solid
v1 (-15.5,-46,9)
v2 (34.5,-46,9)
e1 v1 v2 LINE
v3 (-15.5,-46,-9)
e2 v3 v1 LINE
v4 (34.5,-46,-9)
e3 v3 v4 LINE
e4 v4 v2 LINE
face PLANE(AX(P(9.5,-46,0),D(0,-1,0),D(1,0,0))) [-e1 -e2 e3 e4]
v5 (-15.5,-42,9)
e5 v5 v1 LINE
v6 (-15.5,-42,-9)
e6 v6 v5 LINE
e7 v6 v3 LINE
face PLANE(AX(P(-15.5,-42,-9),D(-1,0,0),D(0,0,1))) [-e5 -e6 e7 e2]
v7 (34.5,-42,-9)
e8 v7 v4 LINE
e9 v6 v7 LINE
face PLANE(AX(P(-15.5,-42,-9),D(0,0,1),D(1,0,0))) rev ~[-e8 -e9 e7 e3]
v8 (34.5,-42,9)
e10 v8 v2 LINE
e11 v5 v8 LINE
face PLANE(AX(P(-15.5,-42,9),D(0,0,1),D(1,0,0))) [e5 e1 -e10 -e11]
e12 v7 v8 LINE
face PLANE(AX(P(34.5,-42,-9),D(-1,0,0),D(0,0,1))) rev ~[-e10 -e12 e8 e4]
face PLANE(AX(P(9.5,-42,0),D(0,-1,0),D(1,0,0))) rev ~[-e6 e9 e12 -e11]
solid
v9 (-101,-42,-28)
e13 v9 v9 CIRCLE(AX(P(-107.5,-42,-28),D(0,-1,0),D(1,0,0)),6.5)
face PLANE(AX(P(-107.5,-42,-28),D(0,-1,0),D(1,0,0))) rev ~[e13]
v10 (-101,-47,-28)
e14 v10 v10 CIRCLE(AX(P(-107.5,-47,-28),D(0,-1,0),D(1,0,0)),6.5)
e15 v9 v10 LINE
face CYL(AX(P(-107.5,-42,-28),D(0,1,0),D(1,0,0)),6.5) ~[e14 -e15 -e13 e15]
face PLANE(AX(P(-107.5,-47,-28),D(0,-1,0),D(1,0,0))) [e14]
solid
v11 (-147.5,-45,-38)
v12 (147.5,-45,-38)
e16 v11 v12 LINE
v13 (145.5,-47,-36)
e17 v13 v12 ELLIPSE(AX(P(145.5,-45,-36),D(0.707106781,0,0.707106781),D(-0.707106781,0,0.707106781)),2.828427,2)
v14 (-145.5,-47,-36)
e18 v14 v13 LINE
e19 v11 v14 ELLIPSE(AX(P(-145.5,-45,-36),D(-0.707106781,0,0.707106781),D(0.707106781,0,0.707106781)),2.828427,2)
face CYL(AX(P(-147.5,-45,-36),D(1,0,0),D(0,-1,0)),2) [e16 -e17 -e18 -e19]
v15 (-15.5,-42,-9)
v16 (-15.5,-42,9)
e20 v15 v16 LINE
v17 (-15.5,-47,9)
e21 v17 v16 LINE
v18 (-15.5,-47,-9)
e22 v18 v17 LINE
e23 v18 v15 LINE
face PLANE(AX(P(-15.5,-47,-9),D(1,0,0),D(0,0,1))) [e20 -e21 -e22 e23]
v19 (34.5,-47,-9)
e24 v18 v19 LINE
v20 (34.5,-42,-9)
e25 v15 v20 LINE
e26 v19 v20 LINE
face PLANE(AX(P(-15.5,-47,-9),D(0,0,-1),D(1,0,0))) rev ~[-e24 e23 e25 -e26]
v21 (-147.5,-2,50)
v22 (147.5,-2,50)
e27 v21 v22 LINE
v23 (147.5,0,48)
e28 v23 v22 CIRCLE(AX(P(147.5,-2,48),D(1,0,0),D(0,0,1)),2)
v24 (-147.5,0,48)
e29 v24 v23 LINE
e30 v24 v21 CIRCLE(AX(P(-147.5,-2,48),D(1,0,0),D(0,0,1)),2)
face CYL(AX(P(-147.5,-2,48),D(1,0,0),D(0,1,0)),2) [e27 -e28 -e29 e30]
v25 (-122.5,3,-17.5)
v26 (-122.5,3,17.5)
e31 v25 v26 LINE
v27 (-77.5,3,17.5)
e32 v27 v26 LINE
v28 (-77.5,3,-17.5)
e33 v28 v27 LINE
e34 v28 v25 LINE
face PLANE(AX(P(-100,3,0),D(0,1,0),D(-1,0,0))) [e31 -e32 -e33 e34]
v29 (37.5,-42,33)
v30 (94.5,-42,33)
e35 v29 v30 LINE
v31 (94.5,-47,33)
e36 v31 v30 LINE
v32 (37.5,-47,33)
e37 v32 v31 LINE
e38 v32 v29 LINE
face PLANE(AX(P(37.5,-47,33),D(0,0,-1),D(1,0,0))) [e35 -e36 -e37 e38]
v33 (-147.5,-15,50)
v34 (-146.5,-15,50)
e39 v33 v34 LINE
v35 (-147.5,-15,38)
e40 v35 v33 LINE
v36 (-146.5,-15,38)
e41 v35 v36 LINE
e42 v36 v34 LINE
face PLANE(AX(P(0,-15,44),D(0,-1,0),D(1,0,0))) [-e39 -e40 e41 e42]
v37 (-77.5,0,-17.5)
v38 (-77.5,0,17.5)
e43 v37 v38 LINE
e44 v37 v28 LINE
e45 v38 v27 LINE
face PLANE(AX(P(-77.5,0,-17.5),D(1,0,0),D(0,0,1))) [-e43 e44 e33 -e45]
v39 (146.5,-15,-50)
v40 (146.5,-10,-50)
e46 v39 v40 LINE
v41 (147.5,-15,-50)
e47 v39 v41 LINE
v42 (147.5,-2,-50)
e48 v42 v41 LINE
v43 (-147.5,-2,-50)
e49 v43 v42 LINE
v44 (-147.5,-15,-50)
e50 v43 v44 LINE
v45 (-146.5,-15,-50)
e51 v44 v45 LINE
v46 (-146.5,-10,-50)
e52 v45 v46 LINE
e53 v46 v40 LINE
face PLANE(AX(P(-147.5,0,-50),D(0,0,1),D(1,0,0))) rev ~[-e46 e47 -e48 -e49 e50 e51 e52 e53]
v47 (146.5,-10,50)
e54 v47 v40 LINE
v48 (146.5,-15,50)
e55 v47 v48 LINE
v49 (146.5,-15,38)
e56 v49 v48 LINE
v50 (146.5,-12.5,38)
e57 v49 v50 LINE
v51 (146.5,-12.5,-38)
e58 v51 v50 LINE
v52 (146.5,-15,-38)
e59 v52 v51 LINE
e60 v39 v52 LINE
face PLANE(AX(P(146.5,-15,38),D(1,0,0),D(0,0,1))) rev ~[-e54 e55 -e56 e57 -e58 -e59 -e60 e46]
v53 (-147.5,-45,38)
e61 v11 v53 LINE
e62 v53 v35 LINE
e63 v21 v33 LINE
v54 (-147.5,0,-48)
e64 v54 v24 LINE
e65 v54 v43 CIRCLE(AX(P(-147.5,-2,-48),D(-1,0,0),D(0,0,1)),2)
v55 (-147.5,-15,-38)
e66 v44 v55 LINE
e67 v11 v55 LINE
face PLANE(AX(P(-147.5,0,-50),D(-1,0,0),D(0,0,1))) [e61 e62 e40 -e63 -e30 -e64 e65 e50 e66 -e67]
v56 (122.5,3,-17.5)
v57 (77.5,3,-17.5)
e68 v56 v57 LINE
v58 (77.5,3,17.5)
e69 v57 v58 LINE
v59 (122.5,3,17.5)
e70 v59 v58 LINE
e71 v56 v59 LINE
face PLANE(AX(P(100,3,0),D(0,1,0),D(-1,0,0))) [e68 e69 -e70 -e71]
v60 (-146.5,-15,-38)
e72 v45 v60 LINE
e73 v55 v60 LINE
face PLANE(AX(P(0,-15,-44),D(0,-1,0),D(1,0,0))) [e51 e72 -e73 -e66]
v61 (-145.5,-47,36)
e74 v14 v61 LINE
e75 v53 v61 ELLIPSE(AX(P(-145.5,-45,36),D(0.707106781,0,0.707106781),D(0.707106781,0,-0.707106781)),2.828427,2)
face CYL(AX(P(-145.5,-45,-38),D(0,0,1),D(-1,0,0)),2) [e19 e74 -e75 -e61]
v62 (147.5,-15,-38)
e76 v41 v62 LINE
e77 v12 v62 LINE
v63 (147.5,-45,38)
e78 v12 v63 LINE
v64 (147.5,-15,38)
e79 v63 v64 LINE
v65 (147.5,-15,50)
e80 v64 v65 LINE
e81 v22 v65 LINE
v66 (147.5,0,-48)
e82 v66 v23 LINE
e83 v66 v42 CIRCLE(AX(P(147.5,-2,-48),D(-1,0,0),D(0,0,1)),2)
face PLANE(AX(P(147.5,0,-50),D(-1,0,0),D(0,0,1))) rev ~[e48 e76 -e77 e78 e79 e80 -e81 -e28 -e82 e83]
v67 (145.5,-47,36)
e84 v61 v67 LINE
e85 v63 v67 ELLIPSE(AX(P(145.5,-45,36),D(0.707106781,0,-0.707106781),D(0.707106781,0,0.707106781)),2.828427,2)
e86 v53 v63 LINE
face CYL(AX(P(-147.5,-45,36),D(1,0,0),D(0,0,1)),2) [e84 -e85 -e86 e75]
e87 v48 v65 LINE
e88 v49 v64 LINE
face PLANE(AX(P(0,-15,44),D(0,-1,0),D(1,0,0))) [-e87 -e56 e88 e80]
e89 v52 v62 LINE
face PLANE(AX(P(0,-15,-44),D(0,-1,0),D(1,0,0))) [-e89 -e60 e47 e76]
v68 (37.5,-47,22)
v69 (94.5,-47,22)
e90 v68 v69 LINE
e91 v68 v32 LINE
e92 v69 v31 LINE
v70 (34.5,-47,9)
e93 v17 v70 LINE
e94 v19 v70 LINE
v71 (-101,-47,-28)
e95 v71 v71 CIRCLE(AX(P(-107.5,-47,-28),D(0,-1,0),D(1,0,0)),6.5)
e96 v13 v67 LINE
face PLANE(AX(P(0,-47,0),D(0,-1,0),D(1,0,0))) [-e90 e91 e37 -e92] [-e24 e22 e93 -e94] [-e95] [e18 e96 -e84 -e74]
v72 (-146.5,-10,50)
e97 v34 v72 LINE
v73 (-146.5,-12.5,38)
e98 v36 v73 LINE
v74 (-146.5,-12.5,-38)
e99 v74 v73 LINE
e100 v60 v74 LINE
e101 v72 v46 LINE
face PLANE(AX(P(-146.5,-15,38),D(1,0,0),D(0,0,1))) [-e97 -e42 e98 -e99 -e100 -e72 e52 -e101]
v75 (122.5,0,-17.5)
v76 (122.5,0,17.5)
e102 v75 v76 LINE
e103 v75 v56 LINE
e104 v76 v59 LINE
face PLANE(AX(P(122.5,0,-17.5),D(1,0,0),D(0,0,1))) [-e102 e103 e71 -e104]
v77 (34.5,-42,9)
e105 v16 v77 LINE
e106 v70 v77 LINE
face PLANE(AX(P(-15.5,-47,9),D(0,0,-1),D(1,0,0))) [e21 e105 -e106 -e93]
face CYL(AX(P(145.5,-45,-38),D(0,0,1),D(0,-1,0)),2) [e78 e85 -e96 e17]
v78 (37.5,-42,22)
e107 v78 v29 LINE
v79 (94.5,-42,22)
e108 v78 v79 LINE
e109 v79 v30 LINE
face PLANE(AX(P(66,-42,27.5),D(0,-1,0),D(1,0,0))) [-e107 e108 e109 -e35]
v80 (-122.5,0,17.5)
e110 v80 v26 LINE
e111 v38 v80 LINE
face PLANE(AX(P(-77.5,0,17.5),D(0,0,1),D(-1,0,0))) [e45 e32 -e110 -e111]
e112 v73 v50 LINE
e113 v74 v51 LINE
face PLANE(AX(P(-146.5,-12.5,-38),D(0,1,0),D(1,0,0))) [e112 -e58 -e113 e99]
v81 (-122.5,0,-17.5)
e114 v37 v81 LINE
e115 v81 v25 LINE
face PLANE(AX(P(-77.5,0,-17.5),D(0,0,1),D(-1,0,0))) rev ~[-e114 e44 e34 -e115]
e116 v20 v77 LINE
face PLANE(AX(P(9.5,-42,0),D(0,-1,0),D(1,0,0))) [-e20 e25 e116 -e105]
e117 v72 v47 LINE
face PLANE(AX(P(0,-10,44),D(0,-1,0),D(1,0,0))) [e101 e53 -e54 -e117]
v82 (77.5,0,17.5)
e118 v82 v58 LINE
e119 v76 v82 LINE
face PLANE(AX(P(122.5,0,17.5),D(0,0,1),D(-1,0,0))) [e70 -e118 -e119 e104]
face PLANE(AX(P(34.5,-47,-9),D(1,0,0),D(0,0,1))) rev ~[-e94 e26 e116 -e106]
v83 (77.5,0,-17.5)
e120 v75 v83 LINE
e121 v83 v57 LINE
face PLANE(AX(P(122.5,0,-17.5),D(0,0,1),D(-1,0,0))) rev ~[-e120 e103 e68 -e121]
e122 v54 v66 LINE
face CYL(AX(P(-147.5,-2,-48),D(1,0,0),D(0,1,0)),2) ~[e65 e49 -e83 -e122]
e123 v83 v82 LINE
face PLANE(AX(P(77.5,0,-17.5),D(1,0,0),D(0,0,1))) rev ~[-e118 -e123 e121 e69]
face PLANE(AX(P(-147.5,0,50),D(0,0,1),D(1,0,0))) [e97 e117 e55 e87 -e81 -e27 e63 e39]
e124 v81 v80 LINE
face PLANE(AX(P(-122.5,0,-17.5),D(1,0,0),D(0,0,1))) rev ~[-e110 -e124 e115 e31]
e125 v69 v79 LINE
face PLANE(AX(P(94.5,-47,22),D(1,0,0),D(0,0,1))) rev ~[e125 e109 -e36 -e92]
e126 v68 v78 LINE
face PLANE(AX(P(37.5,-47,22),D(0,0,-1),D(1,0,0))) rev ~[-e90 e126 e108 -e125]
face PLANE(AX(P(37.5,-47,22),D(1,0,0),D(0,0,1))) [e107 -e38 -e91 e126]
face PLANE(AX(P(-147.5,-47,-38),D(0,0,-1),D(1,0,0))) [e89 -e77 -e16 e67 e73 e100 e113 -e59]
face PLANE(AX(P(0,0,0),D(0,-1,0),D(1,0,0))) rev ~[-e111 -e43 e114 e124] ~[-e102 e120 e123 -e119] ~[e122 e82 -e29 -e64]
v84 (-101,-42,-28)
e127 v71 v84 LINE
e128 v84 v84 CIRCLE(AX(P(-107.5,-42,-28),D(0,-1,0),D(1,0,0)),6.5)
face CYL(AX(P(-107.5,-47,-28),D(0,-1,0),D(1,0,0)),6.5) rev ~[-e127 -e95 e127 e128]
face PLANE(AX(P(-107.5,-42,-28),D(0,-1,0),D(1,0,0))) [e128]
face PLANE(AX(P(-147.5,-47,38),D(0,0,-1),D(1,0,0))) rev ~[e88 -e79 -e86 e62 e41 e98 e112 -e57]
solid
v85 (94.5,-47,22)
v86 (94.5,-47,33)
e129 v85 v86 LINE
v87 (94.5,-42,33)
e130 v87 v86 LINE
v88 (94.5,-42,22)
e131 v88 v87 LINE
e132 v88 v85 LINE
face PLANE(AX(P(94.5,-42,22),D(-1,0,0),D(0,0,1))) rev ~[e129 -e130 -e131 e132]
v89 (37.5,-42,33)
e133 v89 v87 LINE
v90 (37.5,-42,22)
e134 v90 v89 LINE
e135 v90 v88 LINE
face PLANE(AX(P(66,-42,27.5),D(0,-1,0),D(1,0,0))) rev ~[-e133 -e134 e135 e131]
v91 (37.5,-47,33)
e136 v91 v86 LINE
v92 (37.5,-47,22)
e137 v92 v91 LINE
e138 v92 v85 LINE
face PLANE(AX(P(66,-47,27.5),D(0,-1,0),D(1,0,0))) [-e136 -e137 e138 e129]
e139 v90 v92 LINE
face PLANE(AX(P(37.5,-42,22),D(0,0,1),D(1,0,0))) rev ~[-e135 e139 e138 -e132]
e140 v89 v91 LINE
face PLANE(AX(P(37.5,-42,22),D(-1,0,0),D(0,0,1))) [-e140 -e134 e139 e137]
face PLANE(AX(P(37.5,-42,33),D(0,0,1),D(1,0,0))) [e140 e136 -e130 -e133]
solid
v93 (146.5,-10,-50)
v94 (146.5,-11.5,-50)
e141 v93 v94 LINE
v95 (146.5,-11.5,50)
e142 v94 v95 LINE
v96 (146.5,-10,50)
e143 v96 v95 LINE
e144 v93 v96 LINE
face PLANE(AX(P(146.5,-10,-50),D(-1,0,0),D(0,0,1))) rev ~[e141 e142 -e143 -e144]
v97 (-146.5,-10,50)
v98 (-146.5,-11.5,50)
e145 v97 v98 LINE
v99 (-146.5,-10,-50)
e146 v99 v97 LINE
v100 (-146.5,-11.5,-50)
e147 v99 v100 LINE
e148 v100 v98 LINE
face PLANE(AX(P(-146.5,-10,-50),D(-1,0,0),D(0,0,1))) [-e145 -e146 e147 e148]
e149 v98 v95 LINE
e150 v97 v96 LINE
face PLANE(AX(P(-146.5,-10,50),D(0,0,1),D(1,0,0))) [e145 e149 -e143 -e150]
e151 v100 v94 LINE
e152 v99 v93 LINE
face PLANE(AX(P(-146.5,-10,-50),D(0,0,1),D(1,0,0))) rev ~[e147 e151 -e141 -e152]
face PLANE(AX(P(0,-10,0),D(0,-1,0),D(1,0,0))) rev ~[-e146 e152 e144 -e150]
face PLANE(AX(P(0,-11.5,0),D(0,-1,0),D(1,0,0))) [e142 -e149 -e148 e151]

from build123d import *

# Parameters (mm, degrees)
F0_W         = 295
F0_H         = 100
F1_DEPTH     = 47
F2_W         = 295
F2_H         = 12
F3_DEPTH     = 32
F4_W         = 293
F4_H         = 12
F5_W         = 293
F5_H         = 12
F6_DEPTH     = 5
F7_W         = 293
F7_H         = 2.5
F8_DEPTH     = 88.001
F9_W         = 50
F9_H         = 18
F9_R         = 6.5
F9_W_2       = 57
F9_H_2       = 11
F10_DEPTH    = 5
F10_FACE_W   = 50
F10_FACE_H   = 18
F11_DEPTH    = 4
F10_FACE_R   = 6.5
F10_FACE_W_2 = 57
F10_FACE_H_2 = 11
F12_DEPTH    = 5
F8_FACE_W    = 293
F8_FACE_H    = 100
F13_DEPTH    = 1.5
F14_W        = 45
F14_H        = 35
F15_DEPTH    = 3
F16_R        = 2


with BuildPart() as f1:
    # F0 (on Front) → F1 (new body)
    with BuildSketch(Plane.XZ):
        Rectangle(F0_W, F0_H)
    extrude(amount=F1_DEPTH)

    # F2 (on face) → F3 (cut)
    with BuildSketch(Plane.XZ.offset(47)):
        with Locations((0, -44)):
            Rectangle(F2_W, F2_H)
        with Locations((0, 44)):
            Rectangle(F2_W, F2_H)
    extrude(amount=-F3_DEPTH, mode=Mode.SUBTRACT)

    # F4 (on face) + F5 (on face) → F6 (cut)
    with BuildSketch(Plane.XZ.offset(15)):
        with Locations((0, 44)):
            Rectangle(F4_W, F4_H)
    with BuildSketch(Plane.XZ.offset(15)):
        with Locations((0, -44)):
            Rectangle(F5_W, F5_H)
    extrude(amount=-F6_DEPTH, mode=Mode.SUBTRACT)

    # F7 (on face) → F8 (cut, through all)
    with BuildSketch(Plane(origin=(0, 0, -38), x_dir=(1, 0, 0), z_dir=(0, 0, -1))):
        with Locations((0, 11.25)):
            Rectangle(F7_W, F7_H)
    extrude(amount=-F8_DEPTH, mode=Mode.SUBTRACT)

    # F9 (on face) → F10 (cut)
    with BuildSketch(Plane.XZ.offset(47)):
        with Locations((9.5, 0)):
            Rectangle(F9_W, F9_H)
        with Locations((-107.5, -28)):
            Circle(F9_R)
        with Locations((66, 27.5)):
            Rectangle(F9_W_2, F9_H_2)
    extrude(amount=-F10_DEPTH, mode=Mode.SUBTRACT)

    # F14 (on face) → F15 (join)
    with BuildSketch(Plane(origin=(0, 0, 0), x_dir=(-1, 0, 0), z_dir=(0, 1, 0))):
        with Locations((-100, 0)):
            Rectangle(F14_W, F14_H)
        with Locations((100, 0)):
            Rectangle(F14_W, F14_H)
    extrude(amount=F15_DEPTH)

    # F16
    f16_edges = [f1.edges().sort_by_distance(p)[0] for p in [
        (0, -47, 38),
        (147.5, -47, 0),
        (-147.5, -47, 0),
        (0, -47, -38),
        (0, 0, 50),
        (0, 0, -50),
    ]]
    fillet(f16_edges, radius=F16_R)


with BuildPart() as f11:
    # F10_face (on face) → F11 (new body)
    with BuildSketch(Plane(origin=(9.5, -42, 0), x_dir=(1, 0, 0), z_dir=(0, -1, 0))):
        Rectangle(F10_FACE_W, F10_FACE_H)
    extrude(amount=F11_DEPTH)


with BuildPart() as f12:
    # F10_face (on face) → F12 (new body, through all)
    with BuildSketch(Plane(origin=(9.5, -42, 0), x_dir=(1, 0, 0), z_dir=(0, -1, 0))):
        with Locations((-117, -28)):
            Circle(F10_FACE_R)
        with Locations((56.5, 27.5)):
            Rectangle(F10_FACE_W_2, F10_FACE_H_2)
    extrude(amount=F12_DEPTH)


with BuildPart() as f13:
    # F8_face (on face) → F13 (new body)
    with BuildSketch(Plane.XZ.offset(10)):
        Rectangle(F8_FACE_W, F8_FACE_H)
    extrude(amount=F13_DEPTH)


solid = Compound([f1.part, f11.part, f12.part, f13.part])
